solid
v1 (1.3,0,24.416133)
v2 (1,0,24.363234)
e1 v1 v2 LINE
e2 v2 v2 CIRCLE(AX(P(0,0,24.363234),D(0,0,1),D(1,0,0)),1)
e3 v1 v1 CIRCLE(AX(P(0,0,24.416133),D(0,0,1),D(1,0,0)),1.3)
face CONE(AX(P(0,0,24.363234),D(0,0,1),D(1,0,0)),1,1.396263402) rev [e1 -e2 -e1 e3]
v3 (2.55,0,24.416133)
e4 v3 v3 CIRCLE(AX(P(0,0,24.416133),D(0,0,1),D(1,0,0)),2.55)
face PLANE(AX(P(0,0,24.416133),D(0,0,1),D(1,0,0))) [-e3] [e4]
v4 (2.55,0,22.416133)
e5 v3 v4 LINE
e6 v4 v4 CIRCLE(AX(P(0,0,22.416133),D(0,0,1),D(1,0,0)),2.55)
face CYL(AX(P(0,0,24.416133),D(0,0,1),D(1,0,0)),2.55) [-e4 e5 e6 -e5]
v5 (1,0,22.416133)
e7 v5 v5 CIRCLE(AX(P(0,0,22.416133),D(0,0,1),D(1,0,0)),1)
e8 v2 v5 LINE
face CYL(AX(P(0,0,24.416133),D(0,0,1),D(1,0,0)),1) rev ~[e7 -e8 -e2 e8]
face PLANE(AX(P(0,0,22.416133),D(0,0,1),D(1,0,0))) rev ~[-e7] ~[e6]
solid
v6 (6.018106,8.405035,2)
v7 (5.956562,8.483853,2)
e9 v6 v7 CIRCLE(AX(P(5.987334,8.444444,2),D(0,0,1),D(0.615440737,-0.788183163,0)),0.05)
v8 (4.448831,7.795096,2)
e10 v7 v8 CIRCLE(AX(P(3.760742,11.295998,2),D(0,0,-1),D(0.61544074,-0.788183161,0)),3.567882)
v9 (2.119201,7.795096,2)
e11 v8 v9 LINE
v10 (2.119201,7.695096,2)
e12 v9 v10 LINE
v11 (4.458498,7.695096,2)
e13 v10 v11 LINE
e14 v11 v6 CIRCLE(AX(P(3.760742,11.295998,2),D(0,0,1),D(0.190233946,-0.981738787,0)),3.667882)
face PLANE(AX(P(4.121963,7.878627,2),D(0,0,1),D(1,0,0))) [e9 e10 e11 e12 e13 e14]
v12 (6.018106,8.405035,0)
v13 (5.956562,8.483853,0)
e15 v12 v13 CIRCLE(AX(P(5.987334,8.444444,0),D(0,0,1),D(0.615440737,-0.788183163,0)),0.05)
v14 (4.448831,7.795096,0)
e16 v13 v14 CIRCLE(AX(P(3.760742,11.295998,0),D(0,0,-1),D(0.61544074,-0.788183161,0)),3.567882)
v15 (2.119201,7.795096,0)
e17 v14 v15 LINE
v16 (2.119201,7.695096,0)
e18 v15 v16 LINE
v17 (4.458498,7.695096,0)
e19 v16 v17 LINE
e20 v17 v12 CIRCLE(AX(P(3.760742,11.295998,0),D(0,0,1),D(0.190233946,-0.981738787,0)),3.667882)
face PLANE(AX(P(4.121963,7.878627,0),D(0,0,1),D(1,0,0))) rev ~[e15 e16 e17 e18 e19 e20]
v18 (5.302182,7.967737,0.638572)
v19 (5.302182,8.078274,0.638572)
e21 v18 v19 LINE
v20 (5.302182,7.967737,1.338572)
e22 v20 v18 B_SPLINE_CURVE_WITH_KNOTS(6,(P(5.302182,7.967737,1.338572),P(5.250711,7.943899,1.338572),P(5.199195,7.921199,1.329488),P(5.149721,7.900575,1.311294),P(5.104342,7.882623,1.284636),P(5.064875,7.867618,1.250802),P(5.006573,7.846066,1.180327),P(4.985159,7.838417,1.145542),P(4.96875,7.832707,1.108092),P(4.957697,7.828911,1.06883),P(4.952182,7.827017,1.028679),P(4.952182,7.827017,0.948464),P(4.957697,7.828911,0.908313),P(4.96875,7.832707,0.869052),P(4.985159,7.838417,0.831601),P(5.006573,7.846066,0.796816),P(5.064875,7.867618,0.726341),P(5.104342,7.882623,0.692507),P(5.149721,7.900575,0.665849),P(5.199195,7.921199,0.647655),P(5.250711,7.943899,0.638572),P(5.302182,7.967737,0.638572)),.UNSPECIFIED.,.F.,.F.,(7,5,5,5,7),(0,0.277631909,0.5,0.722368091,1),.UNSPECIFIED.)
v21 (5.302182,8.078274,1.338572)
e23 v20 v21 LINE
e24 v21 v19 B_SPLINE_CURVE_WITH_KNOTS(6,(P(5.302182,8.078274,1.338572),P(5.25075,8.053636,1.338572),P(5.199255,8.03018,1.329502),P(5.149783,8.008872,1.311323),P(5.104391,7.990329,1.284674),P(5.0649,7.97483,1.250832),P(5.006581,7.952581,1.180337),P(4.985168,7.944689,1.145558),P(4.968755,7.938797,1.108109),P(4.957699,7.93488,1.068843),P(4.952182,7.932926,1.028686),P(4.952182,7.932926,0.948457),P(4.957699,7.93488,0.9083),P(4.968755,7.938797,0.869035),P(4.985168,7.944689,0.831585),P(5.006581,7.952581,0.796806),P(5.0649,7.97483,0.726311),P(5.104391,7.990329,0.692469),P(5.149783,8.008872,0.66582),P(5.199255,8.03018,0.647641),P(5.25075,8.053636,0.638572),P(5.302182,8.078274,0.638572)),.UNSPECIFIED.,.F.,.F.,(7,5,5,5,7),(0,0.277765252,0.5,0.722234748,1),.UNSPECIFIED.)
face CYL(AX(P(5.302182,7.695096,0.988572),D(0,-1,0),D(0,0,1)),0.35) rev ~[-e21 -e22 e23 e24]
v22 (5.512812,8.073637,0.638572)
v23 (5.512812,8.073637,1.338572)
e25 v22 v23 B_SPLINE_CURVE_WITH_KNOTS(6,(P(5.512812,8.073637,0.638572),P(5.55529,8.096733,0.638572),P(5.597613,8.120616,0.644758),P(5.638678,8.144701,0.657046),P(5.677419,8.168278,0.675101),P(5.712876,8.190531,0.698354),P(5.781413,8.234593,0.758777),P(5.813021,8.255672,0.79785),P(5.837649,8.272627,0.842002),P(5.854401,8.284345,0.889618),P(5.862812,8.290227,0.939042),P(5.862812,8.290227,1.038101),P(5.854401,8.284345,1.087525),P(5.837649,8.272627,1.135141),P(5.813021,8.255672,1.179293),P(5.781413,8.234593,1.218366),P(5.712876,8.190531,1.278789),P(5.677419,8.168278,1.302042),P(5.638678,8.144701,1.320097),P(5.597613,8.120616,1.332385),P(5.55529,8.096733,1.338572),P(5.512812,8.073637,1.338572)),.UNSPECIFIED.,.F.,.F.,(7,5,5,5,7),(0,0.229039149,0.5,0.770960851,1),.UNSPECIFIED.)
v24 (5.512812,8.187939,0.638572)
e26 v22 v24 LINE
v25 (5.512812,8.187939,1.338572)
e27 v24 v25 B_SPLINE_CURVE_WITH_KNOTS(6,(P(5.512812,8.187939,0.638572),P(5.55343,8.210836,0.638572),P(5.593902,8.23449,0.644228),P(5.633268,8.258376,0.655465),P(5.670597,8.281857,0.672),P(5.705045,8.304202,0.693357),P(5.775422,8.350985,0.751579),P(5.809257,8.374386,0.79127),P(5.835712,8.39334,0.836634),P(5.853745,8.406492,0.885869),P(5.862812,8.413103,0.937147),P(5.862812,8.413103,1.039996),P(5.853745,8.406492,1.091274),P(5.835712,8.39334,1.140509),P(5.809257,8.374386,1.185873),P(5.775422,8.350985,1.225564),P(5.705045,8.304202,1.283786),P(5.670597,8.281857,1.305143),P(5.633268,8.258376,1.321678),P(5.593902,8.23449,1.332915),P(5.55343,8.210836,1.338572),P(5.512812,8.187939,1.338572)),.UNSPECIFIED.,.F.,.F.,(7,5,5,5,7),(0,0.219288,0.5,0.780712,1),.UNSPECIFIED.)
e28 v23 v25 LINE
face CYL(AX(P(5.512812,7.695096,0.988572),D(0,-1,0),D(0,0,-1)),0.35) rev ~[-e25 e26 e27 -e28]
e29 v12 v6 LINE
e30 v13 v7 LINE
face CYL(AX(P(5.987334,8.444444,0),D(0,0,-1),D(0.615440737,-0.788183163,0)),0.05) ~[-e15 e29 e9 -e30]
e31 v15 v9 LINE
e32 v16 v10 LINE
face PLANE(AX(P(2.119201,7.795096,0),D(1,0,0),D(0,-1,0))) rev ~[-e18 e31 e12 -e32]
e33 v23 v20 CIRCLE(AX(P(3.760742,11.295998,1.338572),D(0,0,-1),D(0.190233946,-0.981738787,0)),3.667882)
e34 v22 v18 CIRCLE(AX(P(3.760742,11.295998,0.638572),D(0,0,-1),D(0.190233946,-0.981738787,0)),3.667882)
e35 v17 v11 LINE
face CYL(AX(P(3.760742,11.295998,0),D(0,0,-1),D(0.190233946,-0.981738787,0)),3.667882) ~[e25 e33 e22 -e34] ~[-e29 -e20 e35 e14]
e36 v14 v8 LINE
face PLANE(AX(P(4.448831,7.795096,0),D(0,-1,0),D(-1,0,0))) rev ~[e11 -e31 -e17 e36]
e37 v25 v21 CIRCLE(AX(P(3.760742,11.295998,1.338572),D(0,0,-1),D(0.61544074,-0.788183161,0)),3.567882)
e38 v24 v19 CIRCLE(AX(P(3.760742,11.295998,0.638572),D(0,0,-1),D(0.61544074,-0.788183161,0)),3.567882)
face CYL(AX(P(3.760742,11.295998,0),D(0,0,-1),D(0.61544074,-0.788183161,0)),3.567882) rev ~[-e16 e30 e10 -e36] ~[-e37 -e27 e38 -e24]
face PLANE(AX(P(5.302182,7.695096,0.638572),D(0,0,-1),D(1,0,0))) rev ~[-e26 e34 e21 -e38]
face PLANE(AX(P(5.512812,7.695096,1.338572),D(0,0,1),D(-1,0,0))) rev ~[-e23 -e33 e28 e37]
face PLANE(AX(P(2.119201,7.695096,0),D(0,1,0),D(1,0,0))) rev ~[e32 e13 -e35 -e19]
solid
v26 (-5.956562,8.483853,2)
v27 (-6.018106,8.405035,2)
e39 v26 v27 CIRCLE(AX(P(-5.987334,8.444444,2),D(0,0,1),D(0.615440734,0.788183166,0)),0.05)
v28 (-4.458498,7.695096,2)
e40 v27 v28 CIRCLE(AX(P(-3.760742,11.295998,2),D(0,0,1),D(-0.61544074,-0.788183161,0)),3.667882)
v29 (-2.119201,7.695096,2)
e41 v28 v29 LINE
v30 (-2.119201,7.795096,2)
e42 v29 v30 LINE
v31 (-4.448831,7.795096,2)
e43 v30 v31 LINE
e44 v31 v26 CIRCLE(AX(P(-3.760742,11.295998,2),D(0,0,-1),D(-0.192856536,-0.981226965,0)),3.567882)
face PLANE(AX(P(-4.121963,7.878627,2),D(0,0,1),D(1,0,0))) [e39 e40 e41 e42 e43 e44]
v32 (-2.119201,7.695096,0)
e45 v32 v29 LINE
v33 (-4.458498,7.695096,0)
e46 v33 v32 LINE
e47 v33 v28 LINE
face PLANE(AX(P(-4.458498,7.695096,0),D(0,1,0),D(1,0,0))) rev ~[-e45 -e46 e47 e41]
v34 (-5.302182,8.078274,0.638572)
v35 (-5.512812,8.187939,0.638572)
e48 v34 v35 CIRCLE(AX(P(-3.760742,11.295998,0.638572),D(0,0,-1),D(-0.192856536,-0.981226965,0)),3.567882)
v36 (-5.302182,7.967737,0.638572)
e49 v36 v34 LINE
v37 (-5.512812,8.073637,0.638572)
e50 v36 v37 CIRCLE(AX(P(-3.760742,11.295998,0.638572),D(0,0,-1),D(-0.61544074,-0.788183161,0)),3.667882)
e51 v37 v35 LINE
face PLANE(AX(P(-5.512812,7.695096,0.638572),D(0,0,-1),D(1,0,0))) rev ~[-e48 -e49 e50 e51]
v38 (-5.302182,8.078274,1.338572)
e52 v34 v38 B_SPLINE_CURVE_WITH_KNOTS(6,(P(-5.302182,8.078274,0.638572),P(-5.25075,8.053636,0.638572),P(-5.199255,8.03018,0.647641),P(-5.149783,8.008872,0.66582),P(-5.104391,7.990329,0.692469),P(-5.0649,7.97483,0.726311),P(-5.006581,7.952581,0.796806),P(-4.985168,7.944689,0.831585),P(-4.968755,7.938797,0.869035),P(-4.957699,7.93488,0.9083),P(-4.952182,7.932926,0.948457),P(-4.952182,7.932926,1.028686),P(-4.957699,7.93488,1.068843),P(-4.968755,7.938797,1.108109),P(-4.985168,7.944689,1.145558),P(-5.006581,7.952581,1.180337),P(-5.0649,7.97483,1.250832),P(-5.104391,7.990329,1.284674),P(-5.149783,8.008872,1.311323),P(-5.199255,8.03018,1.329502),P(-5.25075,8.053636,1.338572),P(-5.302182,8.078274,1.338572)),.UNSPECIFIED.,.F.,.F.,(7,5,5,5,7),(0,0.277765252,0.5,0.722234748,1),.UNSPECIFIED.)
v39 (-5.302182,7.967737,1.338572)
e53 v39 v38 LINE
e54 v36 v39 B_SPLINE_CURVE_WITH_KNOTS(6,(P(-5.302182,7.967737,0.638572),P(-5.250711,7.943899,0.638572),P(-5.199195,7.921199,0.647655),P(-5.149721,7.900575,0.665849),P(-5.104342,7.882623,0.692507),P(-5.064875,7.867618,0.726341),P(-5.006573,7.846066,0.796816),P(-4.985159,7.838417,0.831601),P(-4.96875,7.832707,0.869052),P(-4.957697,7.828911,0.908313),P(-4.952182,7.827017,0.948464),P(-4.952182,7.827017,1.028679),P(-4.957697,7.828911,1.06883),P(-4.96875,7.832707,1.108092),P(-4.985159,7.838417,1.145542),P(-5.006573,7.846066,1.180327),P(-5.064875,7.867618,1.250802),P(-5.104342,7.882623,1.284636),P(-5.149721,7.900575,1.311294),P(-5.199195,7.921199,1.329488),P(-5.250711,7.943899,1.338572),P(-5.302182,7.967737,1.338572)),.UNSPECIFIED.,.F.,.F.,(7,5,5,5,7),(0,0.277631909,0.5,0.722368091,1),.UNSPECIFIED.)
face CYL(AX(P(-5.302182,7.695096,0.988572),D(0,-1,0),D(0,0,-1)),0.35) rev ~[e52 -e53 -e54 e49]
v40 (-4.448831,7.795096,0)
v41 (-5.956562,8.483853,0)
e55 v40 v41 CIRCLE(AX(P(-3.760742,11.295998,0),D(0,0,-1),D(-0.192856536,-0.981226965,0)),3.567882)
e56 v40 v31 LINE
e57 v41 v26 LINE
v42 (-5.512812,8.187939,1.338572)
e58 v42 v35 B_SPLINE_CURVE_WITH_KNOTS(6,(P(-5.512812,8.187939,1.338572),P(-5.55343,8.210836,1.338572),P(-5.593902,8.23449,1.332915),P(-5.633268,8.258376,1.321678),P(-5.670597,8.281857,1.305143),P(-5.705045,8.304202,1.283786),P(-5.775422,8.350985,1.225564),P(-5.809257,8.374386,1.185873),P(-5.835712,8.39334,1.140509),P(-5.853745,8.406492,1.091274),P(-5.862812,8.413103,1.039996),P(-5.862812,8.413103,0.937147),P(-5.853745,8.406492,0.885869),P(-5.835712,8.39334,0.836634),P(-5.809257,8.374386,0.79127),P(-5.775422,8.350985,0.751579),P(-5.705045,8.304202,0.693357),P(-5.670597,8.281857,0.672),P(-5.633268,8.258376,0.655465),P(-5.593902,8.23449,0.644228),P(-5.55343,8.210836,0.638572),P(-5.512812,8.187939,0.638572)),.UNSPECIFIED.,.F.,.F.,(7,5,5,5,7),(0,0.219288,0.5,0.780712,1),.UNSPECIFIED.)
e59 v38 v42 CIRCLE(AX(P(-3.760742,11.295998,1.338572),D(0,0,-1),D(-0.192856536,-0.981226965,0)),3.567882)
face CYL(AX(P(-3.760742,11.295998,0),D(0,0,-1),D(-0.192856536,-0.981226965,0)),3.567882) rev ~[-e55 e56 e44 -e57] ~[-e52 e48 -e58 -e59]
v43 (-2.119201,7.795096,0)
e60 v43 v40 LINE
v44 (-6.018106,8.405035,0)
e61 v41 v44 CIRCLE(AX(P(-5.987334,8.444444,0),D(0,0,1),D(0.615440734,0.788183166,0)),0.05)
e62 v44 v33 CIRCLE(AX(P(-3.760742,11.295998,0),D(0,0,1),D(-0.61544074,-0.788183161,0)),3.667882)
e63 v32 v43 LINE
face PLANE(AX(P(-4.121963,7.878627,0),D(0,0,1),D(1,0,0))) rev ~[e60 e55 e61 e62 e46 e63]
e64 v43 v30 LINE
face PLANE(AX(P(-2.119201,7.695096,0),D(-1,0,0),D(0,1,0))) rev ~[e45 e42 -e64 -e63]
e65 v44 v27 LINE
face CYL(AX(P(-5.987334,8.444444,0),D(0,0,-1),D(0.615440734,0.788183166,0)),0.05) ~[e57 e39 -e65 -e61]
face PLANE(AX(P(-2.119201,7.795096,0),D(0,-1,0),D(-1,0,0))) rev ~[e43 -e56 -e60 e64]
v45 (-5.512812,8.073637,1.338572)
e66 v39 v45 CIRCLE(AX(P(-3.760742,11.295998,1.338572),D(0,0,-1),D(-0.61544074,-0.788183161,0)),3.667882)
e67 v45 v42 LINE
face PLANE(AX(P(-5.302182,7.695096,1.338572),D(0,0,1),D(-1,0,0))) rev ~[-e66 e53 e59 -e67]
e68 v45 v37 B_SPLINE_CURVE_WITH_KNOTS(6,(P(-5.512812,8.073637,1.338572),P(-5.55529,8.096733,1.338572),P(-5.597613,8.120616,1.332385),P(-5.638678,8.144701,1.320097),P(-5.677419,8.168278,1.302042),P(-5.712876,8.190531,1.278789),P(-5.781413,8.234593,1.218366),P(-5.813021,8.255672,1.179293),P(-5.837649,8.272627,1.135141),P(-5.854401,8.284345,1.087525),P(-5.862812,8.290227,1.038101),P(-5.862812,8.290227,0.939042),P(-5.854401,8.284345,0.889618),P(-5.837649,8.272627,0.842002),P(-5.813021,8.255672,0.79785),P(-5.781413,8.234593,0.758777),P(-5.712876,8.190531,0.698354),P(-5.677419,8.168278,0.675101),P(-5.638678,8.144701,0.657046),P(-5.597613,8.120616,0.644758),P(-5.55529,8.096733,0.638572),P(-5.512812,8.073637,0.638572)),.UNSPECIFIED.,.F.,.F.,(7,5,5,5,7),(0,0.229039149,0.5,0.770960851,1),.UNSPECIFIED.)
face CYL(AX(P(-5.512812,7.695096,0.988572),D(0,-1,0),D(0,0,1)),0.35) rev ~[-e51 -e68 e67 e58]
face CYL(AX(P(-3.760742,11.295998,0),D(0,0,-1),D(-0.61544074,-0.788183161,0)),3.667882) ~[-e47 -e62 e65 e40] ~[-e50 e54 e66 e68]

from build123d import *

# Parameters (mm, degrees)
BOSS_EXTRUDE1_DEPTH   = 2
BOSS_EXTRUDE1_2_DEPTH = 2
CUT_EXTRUDE1_DEPTH    = 2
SKETCH3_R             = 2.55
SKETCH3_R_2           = 1
BOSS_EXTRUDE2_DEPTH   = 2
CHAMFER1_SIZE         = 0.3
CHAMFER1_SIZE2        = 0.052898094


with BuildPart() as part:
    # Sketch1 → Boss-Extrude1 (new body)
    with BuildSketch(Plane.XY):
        with BuildLine():
            Line((2.119201361, 7.695095724), (4.458497719, 7.695095724))
            ThreePointArc((4.458497719, 7.695095724), (5.28034288, 7.957709004), (6.018106177, 8.40503497))
            ThreePointArc((6.018106177, 8.40503497), (6.026743298, 8.475216166), (5.956562103, 8.483853287))
            ThreePointArc((5.956562103, 8.483853287), (5.243250103, 8.05070086), (4.448831418, 7.795095724))
            Line((4.448831418, 7.795095724), (2.119201361, 7.795095724))
            Line((2.119201361, 7.795095724), (2.119201361, 7.695095724))
        make_face()
    extrude(amount=BOSS_EXTRUDE1_DEPTH)


with BuildPart() as body_2:
    # Sketch1 → Boss-Extrude1 2 (new body)
    with BuildSketch(Plane.XY):
        with BuildLine():
            Line((-2.119201361, 7.695095724), (-2.119201361, 7.795095724))
            Line((-2.119201361, 7.795095724), (-4.448831418, 7.795095724))
            ThreePointArc((-4.448831418, 7.795095724), (-5.243250103, 8.05070086), (-5.956562103, 8.483853287))
            ThreePointArc((-5.956562103, 8.483853287), (-6.026743298, 8.475216166), (-6.018106177, 8.40503497))
            ThreePointArc((-6.018106177, 8.40503497), (-5.28034288, 7.957709004), (-4.458497719, 7.695095724))
            Line((-4.458497719, 7.695095724), (-2.119201361, 7.695095724))
        make_face()
    extrude(amount=BOSS_EXTRUDE1_2_DEPTH)


with BuildPart() as cut_extrude1_tool:
    # Sketch2 → Cut-Extrude1 (new body)
    with BuildSketch(Plane.XZ.offset(-7.695095724)):
        with BuildLine():
            Line((5.30218152, 0.638571522), (5.512812284, 0.638571522))
            ThreePointArc((5.512812284, 0.638571522), (5.862812284, 0.988571522), (5.512812284, 1.338571522))
            Line((5.512812284, 1.338571522), (5.30218152, 1.338571522))
            ThreePointArc((5.30218152, 1.338571522), (4.95218152, 0.988571522), (5.30218152, 0.638571522))
        make_face()
        with BuildLine():
            Line((-5.30218152, 1.338571522), (-5.512812284, 1.338571522))
            ThreePointArc((-5.512812284, 1.338571522), (-5.862812284, 0.988571522), (-5.512812284, 0.638571522))
            Line((-5.512812284, 0.638571522), (-5.30218152, 0.638571522))
            ThreePointArc((-5.30218152, 0.638571522), (-4.95218152, 0.988571522), (-5.30218152, 1.338571522))
        make_face()
    extrude(amount=-CUT_EXTRUDE1_DEPTH)


with BuildPart() as part_1:
    add(part.part)

    # Cut-Extrude1: cut by cut_extrude1_tool
    add(cut_extrude1_tool.part, mode=Mode.SUBTRACT)


with BuildPart() as body_2_1:
    add(body_2.part)

    # Cut-Extrude1: cut by cut_extrude1_tool
    add(cut_extrude1_tool.part, mode=Mode.SUBTRACT)


with BuildPart() as body_3:
    # Sketch3 → Boss-Extrude2 (new body)
    with BuildSketch(Plane.XY.offset(24.416132501)):
        Circle(SKETCH3_R)
        Circle(SKETCH3_R_2, mode=Mode.SUBTRACT)
    extrude(amount=-BOSS_EXTRUDE2_DEPTH)

    # Chamfer1
    chamfer1_edges = [body_3.edges().sort_by_distance(p)[0] for p in [
        (-1, 0, 24.416132501),
    ]]
    chamfer1_side = [body_3.faces().sort_by_distance(p)[0] for p in [
        (-2.477875108, 0, 24.416132501),
    ]]
    chamfer(chamfer1_edges, length=CHAMFER1_SIZE, length2=CHAMFER1_SIZE2, reference=chamfer1_side[0])


solid = Compound([part_1.part, body_2_1.part, body_3.part])
